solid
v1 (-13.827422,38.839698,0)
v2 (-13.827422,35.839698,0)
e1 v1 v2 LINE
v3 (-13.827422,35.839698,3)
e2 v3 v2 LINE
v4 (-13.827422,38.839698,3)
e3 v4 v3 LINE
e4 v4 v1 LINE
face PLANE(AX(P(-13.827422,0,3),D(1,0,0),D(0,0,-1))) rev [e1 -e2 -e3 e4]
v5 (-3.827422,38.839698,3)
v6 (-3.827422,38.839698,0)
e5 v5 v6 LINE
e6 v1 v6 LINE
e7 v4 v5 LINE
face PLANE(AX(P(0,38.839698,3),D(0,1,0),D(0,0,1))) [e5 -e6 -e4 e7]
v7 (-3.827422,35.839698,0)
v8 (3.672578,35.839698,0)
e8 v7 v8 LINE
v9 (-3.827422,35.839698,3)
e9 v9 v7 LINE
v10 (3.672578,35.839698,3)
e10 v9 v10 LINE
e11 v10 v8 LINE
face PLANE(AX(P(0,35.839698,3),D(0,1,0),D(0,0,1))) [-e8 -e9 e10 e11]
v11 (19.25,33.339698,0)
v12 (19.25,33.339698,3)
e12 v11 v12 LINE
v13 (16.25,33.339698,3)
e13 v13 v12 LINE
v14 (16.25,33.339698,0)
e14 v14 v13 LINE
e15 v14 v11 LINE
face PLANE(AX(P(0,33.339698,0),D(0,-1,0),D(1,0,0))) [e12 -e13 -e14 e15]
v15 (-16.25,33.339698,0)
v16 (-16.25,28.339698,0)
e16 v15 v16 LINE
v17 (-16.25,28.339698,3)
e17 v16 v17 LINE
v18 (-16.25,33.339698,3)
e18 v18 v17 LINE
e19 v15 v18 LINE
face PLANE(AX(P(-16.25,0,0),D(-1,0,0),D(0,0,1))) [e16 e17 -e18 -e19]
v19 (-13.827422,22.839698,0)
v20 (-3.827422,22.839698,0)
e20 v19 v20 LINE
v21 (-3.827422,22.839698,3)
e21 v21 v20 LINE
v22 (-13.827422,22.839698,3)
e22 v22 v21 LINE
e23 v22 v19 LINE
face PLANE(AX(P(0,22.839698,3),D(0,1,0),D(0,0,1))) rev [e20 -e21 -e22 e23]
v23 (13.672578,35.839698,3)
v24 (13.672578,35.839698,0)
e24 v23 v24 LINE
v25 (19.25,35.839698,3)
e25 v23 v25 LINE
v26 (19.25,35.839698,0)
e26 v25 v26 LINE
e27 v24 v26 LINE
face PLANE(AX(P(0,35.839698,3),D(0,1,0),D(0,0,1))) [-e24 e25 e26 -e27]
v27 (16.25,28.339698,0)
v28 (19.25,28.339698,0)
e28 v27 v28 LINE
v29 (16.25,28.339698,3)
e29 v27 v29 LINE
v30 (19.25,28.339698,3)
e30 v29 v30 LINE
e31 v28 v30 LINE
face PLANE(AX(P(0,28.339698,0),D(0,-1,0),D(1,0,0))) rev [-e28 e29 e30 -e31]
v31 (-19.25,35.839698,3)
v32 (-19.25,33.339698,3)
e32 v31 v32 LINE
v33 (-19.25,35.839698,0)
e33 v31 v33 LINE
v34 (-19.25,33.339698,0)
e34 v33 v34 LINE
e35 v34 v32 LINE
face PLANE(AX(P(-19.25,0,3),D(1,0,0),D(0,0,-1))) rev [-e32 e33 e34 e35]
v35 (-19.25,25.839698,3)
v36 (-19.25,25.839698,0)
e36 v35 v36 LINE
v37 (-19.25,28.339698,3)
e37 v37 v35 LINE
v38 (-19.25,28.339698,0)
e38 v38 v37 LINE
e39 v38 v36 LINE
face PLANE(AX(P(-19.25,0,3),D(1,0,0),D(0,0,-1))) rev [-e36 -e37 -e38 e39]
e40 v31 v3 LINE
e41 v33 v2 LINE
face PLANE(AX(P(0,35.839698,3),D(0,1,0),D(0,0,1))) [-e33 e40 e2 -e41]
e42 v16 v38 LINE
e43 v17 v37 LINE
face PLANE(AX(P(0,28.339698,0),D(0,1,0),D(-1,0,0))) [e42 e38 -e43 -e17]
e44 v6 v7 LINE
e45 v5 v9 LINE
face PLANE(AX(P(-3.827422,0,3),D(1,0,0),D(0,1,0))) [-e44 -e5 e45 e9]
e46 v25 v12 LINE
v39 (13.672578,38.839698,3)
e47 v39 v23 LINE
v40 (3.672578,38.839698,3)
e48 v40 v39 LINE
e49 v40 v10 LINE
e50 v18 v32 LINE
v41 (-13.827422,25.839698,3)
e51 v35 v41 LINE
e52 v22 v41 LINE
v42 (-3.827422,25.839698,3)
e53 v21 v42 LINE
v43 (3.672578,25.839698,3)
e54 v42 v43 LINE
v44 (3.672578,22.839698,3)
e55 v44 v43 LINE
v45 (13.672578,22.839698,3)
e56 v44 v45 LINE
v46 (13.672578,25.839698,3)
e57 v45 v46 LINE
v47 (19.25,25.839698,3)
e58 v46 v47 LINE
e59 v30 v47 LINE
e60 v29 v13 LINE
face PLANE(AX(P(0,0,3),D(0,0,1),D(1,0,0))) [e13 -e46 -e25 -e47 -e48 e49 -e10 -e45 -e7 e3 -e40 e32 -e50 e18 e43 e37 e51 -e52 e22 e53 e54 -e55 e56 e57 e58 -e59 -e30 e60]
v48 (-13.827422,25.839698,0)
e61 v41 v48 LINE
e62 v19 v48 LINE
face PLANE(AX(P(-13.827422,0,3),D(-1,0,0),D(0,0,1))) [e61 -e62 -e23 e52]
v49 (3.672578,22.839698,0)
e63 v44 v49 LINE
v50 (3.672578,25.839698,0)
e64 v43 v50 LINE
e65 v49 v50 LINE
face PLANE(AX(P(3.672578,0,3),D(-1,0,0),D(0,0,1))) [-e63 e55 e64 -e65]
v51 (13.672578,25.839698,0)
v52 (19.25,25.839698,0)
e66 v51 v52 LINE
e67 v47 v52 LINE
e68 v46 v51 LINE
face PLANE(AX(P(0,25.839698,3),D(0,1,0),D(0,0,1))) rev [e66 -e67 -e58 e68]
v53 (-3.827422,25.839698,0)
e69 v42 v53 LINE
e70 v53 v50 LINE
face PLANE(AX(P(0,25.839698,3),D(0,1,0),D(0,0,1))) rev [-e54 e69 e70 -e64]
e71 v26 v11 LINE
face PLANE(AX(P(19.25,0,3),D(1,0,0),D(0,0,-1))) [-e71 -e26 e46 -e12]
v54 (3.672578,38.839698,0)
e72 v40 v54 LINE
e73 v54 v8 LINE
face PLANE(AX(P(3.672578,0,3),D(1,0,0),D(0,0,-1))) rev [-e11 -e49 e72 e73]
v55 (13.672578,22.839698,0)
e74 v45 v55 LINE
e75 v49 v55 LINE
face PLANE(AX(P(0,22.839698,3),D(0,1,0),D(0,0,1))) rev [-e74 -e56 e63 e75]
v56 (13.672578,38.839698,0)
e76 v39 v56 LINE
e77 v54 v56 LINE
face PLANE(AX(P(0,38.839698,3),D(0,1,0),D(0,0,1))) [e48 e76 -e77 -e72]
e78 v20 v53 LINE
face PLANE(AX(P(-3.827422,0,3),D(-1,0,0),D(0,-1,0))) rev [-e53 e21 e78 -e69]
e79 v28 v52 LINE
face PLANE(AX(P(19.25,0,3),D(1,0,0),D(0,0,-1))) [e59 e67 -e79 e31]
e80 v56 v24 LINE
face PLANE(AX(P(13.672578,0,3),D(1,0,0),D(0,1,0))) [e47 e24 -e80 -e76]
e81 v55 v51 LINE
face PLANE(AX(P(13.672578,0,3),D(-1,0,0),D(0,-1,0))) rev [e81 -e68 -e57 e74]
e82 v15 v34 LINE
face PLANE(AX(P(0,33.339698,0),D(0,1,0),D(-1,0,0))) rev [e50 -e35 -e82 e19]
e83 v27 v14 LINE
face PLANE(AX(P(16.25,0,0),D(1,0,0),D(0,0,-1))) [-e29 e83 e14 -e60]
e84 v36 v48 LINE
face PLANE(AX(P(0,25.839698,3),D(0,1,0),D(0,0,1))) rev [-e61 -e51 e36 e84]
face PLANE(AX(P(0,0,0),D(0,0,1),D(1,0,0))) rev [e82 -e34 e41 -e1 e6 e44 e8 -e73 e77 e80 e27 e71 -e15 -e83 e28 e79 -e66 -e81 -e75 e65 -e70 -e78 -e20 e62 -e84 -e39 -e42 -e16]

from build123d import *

# Parameters (mm, degrees)
SKETCH1_W           = 10
SKETCH1_H           = 3
BOSS_EXTRUDE1_DEPTH = 3
SKETCH2_W           = 3
SKETCH2_H           = 5
CUT_EXTRUDE1_DEPTH  = 3


with BuildPart() as part:
    # Sketch1 → Boss-Extrude1 (new body)
    with BuildSketch(Plane.XY):
        Polygon((-3.827421787, 35.839698152), (-13.827421787, 35.839698152), (-16.25, 35.839698152), (-19.25, 35.839698152), (-19.25, 25.839698152), (-13.827421787, 25.839698152), (-3.827421787, 25.839698152), (3.672578213, 25.839698152), (13.672578213, 25.839698152), (19.25, 25.839698152), (19.25, 35.839698152), (16.25, 35.839698152), (13.672578213, 35.839698152), (3.672578213, 35.839698152), align=None)
        with Locations((-8.827421787, 37.339698152)):
            Rectangle(SKETCH1_W, SKETCH1_H)
        with Locations((8.672578213, 37.339698152)):
            Rectangle(SKETCH1_W, SKETCH1_H)
        with Locations((-8.827421787, 24.339698152)):
            Rectangle(SKETCH1_W, SKETCH1_H)
        with Locations((8.672578213, 24.339698152)):
            Rectangle(SKETCH1_W, SKETCH1_H)
    extrude(amount=BOSS_EXTRUDE1_DEPTH)

    # Sketch2 → Cut-Extrude1 (cut)
    with BuildSketch(Plane.XY.offset(3)):
        with Locations((-17.75, 30.839698152)):
            Rectangle(SKETCH2_W, SKETCH2_H)
        with Locations((17.75, 30.839698152)):
            Rectangle(SKETCH2_W, SKETCH2_H)
    extrude(amount=-CUT_EXTRUDE1_DEPTH, mode=Mode.SUBTRACT)


solid = part.part
